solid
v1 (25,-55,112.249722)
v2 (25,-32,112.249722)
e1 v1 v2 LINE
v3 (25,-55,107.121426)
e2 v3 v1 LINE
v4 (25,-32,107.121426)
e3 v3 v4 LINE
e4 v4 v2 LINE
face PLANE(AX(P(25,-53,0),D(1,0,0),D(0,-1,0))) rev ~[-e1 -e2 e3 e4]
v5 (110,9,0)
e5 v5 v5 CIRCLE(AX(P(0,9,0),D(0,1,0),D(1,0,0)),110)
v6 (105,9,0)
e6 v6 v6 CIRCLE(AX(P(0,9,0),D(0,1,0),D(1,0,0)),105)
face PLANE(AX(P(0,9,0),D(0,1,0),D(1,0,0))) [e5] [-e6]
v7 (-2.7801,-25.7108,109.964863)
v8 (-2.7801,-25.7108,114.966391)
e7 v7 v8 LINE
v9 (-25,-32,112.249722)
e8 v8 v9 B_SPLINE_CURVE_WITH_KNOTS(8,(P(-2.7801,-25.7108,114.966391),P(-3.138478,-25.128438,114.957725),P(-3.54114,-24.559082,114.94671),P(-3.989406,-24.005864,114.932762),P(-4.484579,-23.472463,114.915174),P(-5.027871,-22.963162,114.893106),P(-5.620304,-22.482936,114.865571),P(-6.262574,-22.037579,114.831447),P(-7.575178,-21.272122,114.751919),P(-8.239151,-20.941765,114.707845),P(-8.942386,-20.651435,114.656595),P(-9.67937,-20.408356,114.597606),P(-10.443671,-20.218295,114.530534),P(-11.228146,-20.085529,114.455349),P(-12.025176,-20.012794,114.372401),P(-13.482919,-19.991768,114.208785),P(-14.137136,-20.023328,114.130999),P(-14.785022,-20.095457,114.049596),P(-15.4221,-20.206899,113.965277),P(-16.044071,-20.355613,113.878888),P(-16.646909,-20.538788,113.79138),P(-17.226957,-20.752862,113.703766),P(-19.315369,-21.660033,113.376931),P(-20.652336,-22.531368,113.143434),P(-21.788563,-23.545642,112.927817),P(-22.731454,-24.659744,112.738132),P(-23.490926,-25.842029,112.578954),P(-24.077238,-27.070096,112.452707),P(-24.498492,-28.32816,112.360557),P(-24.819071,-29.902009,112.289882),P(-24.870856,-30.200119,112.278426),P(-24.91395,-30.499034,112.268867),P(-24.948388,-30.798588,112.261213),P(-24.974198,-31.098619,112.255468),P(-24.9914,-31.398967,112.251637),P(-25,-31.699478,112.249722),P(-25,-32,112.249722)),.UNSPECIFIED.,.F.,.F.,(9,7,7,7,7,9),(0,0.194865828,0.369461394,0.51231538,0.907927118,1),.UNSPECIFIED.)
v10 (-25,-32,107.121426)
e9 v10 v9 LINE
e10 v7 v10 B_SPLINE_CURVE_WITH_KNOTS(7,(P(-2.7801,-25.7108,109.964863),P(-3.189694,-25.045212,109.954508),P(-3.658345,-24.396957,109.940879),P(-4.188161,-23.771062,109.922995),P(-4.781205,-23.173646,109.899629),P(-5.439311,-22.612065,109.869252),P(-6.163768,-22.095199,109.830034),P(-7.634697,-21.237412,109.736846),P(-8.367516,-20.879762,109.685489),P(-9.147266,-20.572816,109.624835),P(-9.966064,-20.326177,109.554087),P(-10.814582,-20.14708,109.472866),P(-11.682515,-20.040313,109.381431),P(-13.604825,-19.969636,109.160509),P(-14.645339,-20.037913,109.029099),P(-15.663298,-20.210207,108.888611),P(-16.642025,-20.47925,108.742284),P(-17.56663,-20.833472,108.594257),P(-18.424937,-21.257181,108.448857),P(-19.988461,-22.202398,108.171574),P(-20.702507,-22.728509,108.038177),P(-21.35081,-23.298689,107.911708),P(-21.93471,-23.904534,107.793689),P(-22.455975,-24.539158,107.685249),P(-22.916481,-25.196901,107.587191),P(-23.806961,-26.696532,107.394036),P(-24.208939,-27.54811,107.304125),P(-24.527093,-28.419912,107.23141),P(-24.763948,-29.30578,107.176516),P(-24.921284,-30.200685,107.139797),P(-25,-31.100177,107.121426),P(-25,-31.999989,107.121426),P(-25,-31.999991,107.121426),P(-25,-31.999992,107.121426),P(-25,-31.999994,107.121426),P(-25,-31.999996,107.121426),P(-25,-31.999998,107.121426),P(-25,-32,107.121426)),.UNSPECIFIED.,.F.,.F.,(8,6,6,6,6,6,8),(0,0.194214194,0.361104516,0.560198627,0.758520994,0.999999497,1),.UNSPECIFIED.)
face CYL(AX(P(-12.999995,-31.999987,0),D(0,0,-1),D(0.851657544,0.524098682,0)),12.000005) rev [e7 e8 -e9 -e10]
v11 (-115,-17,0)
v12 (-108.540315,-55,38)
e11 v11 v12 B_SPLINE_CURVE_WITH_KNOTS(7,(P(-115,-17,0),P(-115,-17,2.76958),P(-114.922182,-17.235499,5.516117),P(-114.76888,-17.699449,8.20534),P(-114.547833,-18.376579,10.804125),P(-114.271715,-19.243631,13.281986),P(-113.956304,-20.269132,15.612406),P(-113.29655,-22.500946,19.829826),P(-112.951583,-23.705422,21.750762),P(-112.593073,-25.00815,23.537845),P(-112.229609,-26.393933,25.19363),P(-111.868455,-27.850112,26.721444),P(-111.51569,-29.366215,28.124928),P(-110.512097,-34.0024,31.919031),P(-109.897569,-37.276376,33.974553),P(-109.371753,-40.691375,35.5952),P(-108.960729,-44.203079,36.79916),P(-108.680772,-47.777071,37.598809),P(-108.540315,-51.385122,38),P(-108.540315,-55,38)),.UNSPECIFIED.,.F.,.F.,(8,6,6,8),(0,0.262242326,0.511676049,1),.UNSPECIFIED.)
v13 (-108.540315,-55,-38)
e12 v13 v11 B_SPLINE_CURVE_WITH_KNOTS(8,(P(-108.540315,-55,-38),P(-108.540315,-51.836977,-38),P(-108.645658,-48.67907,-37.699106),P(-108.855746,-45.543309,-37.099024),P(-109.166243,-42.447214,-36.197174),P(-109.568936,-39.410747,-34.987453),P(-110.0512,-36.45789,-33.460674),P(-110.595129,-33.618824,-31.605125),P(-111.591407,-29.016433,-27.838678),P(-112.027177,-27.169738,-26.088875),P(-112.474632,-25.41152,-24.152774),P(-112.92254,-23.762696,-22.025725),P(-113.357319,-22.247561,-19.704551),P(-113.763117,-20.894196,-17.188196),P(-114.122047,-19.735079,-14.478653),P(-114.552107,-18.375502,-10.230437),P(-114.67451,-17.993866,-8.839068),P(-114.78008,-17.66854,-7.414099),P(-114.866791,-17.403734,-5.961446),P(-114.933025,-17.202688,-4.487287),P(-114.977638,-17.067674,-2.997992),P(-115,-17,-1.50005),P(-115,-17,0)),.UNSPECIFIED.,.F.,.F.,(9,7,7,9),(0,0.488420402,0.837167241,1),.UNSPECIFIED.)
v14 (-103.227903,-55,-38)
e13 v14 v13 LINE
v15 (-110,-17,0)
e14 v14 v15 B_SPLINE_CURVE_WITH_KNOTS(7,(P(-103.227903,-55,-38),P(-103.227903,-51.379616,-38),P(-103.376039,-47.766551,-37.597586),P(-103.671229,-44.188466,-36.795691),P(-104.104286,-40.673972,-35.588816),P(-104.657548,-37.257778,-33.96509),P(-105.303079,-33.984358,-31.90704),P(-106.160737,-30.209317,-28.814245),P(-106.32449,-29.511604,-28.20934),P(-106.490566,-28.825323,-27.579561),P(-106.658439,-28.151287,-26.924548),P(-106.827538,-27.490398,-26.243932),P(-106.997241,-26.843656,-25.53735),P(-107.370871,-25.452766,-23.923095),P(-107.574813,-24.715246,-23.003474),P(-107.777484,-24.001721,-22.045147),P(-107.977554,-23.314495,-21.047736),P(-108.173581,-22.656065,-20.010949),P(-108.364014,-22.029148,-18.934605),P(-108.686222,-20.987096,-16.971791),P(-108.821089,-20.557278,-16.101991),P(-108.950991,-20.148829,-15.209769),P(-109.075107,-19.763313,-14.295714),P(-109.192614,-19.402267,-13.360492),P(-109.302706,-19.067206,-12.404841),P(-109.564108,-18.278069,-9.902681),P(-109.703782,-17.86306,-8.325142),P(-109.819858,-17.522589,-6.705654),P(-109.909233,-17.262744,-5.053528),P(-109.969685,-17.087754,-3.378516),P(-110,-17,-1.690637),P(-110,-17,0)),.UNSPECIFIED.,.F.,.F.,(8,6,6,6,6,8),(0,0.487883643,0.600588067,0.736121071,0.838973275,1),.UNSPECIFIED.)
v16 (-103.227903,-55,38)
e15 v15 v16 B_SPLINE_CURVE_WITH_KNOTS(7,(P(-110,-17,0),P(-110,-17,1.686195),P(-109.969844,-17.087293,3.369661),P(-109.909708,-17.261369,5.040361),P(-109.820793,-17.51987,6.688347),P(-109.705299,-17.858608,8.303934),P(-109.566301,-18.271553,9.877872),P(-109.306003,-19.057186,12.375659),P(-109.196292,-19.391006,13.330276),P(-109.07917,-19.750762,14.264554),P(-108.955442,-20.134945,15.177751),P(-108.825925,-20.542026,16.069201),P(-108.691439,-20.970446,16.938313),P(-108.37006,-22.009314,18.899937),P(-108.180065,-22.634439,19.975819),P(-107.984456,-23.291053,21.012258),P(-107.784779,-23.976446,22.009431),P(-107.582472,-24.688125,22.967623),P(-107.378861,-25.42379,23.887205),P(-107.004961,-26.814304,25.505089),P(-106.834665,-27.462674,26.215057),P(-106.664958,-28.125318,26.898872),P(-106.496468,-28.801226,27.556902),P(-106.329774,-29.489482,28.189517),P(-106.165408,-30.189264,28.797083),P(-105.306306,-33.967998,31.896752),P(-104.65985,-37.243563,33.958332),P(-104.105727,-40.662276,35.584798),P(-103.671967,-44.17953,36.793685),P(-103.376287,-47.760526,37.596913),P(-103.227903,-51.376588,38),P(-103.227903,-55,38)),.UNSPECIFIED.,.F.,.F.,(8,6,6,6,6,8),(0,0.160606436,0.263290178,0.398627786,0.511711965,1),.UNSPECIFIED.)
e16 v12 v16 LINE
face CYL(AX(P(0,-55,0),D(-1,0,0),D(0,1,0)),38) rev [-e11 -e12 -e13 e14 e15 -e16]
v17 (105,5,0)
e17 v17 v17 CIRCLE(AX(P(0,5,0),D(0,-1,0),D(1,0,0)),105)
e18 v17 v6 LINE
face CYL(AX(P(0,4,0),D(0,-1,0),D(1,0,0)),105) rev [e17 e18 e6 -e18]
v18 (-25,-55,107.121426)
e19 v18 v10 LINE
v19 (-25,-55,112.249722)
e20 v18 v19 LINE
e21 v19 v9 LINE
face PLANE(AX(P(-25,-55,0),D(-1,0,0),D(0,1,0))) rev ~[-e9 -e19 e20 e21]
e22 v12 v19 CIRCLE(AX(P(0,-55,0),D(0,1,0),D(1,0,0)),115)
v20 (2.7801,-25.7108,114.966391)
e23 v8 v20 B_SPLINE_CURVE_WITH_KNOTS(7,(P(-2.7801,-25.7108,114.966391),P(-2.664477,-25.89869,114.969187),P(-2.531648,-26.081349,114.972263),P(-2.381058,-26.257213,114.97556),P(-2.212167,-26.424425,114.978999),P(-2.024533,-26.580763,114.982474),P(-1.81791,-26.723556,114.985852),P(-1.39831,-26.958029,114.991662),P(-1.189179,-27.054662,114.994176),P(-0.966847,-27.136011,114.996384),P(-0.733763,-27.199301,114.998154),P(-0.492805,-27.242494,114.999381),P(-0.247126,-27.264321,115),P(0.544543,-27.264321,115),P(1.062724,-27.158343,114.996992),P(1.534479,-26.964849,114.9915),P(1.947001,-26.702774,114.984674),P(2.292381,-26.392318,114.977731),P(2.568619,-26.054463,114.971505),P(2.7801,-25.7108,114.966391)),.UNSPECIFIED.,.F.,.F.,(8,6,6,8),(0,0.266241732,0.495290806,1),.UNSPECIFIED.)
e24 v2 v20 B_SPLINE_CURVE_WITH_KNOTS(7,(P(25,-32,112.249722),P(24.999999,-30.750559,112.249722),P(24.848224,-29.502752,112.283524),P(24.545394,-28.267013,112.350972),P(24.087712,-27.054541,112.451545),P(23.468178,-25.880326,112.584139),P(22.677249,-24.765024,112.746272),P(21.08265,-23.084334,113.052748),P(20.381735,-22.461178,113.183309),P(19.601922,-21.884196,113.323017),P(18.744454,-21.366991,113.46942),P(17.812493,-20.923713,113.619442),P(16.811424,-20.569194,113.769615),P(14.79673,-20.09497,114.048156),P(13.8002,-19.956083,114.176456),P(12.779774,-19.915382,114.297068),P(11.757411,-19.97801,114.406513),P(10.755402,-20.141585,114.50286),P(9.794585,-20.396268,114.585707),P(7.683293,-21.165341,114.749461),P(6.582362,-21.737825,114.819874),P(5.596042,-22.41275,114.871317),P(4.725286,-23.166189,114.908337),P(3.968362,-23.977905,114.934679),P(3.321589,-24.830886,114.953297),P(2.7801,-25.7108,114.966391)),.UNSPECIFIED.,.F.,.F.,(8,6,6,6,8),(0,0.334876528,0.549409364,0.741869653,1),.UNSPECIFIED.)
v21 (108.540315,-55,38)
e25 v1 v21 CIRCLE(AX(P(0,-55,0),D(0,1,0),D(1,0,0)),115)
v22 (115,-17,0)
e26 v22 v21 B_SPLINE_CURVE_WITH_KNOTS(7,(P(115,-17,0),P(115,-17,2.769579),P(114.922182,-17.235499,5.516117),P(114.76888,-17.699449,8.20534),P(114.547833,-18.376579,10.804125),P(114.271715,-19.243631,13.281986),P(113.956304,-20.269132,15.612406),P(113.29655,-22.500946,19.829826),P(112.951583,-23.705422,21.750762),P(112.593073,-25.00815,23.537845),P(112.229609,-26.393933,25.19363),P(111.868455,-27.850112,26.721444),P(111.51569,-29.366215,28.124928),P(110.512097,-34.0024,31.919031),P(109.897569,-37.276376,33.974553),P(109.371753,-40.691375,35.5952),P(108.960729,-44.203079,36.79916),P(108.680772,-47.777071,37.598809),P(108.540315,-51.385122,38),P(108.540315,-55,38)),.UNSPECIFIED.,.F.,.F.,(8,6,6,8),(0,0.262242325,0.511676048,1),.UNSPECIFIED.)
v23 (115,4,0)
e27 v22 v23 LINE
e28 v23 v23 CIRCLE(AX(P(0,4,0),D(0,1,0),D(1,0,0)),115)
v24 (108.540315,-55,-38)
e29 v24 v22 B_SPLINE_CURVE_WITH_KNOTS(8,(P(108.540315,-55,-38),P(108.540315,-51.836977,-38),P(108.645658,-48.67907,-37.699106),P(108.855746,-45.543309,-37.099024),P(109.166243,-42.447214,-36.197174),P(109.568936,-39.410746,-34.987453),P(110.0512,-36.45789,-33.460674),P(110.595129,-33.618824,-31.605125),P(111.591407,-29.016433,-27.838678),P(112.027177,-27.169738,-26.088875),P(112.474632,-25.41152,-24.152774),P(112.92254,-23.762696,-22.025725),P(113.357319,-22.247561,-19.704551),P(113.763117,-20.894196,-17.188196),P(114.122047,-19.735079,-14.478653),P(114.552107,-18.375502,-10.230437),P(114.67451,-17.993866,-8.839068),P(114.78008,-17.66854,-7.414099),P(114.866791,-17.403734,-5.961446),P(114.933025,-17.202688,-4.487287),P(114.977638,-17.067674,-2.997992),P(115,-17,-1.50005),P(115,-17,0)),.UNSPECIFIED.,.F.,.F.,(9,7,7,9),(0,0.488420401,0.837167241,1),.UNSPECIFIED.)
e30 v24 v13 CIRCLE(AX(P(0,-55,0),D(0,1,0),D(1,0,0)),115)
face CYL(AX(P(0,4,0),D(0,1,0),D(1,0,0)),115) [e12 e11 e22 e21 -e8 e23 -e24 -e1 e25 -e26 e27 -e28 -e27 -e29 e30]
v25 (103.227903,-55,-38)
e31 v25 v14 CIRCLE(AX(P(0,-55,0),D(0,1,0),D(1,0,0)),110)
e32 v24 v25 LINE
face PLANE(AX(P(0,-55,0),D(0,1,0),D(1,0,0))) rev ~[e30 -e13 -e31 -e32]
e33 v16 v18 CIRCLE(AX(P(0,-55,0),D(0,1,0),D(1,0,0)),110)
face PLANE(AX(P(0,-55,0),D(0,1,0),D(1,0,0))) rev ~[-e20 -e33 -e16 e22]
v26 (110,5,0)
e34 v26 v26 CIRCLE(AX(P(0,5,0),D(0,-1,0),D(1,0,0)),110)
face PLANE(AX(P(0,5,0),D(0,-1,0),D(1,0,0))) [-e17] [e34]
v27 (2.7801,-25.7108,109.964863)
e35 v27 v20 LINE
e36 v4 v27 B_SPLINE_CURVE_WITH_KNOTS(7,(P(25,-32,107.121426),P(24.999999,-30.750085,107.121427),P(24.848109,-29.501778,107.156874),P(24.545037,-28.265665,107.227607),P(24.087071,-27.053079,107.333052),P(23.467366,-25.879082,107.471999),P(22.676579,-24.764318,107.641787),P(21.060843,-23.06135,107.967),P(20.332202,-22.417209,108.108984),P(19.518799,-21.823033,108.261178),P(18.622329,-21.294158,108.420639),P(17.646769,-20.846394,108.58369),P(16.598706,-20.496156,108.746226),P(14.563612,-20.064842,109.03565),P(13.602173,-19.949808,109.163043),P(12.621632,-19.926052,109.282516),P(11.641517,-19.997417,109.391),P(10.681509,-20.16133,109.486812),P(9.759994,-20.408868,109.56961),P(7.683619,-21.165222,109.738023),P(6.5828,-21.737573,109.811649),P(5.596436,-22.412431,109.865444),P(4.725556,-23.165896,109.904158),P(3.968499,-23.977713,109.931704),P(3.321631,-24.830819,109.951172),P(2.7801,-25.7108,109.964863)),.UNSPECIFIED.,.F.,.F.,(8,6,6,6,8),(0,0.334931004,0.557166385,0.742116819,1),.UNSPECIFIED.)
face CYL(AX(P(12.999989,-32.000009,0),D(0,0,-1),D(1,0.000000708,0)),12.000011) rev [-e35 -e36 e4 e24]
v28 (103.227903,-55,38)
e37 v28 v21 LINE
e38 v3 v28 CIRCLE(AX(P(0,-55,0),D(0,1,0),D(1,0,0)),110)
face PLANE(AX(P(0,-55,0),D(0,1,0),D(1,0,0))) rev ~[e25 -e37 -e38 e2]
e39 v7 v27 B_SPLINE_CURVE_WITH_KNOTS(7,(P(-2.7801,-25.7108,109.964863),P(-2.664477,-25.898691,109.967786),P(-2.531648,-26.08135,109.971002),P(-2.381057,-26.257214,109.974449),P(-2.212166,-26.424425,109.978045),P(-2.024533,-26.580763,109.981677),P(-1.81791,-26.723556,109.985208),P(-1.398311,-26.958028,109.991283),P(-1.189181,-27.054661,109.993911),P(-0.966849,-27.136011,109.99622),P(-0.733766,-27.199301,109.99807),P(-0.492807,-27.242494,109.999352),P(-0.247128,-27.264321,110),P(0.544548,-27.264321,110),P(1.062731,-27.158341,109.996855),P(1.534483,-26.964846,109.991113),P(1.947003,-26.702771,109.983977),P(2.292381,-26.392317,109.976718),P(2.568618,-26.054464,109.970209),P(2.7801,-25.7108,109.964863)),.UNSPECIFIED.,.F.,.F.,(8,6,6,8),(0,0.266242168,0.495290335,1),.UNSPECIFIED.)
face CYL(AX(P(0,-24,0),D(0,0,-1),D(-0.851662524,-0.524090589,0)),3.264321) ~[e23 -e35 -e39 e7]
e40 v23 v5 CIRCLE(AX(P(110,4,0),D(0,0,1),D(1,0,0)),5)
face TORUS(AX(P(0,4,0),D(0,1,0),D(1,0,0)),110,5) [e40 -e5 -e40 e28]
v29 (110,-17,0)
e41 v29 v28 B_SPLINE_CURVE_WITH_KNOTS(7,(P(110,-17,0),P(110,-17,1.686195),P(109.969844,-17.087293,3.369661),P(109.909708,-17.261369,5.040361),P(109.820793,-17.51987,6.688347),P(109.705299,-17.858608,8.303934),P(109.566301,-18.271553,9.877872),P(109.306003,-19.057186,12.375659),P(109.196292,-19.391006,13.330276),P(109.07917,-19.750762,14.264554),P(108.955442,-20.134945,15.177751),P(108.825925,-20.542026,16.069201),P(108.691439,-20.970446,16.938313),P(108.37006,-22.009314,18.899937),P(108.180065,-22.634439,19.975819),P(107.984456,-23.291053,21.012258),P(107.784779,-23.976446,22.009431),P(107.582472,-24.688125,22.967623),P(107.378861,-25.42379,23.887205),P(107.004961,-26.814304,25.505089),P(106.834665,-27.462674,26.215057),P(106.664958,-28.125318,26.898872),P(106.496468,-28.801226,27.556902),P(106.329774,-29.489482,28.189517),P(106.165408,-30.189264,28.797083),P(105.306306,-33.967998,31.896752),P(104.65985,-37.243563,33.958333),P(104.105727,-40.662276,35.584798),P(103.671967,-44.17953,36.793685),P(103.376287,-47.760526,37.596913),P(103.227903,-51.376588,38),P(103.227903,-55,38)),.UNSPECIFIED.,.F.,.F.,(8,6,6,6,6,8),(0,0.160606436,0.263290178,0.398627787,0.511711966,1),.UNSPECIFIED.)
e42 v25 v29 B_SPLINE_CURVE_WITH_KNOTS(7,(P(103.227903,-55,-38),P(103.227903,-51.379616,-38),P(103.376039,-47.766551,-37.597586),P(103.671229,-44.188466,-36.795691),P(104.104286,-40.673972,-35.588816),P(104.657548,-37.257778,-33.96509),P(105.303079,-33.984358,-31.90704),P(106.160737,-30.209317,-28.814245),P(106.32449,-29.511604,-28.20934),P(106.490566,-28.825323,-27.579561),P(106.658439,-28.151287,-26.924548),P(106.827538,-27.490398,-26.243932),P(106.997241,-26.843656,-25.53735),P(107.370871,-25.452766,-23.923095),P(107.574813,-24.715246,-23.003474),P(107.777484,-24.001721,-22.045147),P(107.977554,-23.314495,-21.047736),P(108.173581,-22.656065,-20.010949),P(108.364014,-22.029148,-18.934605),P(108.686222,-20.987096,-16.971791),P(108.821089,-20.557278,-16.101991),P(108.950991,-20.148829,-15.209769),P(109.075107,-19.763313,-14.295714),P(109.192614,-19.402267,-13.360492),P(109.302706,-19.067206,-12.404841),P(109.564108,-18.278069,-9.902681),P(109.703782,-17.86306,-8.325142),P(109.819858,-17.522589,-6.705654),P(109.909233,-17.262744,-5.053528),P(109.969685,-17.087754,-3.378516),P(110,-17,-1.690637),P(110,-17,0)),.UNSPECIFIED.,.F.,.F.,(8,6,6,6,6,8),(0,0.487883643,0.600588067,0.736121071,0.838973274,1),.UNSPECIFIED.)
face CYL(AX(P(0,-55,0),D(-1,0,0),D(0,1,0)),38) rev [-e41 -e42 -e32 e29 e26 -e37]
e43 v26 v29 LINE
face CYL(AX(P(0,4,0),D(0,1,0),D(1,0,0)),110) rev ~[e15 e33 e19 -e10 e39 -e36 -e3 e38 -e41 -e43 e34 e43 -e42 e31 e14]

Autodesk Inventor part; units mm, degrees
ref_plane "YZ Plane" through (0, 0, 0) normal (1, 0, 0) x (0, 1, 0)
ref_plane "XZ Plane" through (0, 0, 0) normal (0, 1, 0) x (-1, 0, 0)
ref_plane "XY Plane" through (0, 0, 0) normal (0, 0, 1) x (1, 0, 0)
sketch "草圖1" plane through (0, 0, 0) normal (0, 1, 0) x (-1, 0, 0)
  circle A0 centre (0, 0) radius 110
  dimension "d0" = 220
extrude "擠出1" add sketch "草圖1" along normal blind 4
sketch "草圖2" plane through (0, 4, 0) normal (0, 1, 0) x (1, 0, 0)
  circle A0 centre (0, 0) radius 110 projected
sketch "草圖3" plane through (0, 4, 0) normal (0, 1, 0) x (1, 0, 0)
  circle A0 centre (0, 0) radius 110 projected
  circle A1 centre (0, 0) radius 115
  circle A2 centre (0, 0) radius 105
  dimension "d3" = 5
  dimension "d4" = 5
extrude "擠出2" add sketch "草圖3" against normal blind 59 contours A1
sketch "草圖4" plane through (0, 4, 0) normal (0, 1, 0) x (1, 0, 0)
  circle A0 centre (0, 0) radius 115 projected
  circle A1 centre (0, 0) radius 110
  circle A2 centre (0, 0) radius 105
  dimension "d7" = 5
extrude "擠出3" add sketch "草圖4" along normal blind 5 contours A0 | A1
sketch "草圖5" plane through (0, 0, 0) normal (0, -1, 0) x (1, 0, 0)
  circle A0 centre (0, 0) radius 110 projected
  circle A1 centre (0, 0) radius 110
  dimension "d10" = 220
extrude "擠出4" cut sketch "草圖5" against normal blind 5
fillet "圓角2" radius 5 1 edges at (-115, 9, 0)
sketch "草圖6" plane through (0, 0, 0) normal (0, 0, 1) x (1, 0, 0)
  line L0 (-115, -55) -> (115, -55) projected
  line L1 (0, -53) -> (25, -53)
  line L2 (0, -53) -> (-25, -53)
  line L3 (-25, -53) -> (-25, -32)
  line L4 (25, -53) -> (25, -32)
  line L5 (-25, -32) -> (-13, -32)
  circle A0 centre (-13, -32) radius 8.1
  arc A1 (-2.7801, -25.7108) -> (-25, -32) centre (-13, -32) ccw
  circle A2 centre (13, -32) radius 8.1
  arc A3 (25, -32) -> (2.7801, -25.7108) centre (13, -32) ccw
  arc A4 (-2.7801, -25.7108) -> (2.7801, -25.7108) centre (0, -24) ccw
  line L6 (0, -55) -> (-25, -55)
  line L7 (-25, -55) -> (-25, -53)
  line L8 (0, -55) -> (25, -55)
  line L9 (25, -53) -> (25, -55)
  point P0 (0, 0)
  dimension "d15" = 25
  dimension "d16" = 25
  dimension "d17" = 21
  dimension "d18" = 21
  dimension "d19" = 12
  dimension "d20" = 16.2
  dimension "d22" = 25
  dimension "d23" = 2
extrude "擠出5" cut sketch "草圖6" along normal blind 200 contours L7 L2 L1 L9 L0 | A0 | L3 A1 A4 A3 L4 L1 L2 | A2
sketch "草圖7" plane through (0, 0, 0) normal (1, 0, 0) x (0, 1, 0)
  line L0 (-55, 112.2497) -> (-55, -115) projected
  line L1 (-55, 0) -> (-55, -38)
  line L2 (-55, 0) -> (-55, 38)
  circle A0 centre (-55, 0) radius 38
  point P0 (0, 0)
  dimension "d26" = 38
  dimension "d27" = 38
extrude "擠出6" cut sketch "草圖7" along normal mid plane 400 contours A0 L0 picked at (-29.9842, -2.8186)
properties part number "Shell-disc"
